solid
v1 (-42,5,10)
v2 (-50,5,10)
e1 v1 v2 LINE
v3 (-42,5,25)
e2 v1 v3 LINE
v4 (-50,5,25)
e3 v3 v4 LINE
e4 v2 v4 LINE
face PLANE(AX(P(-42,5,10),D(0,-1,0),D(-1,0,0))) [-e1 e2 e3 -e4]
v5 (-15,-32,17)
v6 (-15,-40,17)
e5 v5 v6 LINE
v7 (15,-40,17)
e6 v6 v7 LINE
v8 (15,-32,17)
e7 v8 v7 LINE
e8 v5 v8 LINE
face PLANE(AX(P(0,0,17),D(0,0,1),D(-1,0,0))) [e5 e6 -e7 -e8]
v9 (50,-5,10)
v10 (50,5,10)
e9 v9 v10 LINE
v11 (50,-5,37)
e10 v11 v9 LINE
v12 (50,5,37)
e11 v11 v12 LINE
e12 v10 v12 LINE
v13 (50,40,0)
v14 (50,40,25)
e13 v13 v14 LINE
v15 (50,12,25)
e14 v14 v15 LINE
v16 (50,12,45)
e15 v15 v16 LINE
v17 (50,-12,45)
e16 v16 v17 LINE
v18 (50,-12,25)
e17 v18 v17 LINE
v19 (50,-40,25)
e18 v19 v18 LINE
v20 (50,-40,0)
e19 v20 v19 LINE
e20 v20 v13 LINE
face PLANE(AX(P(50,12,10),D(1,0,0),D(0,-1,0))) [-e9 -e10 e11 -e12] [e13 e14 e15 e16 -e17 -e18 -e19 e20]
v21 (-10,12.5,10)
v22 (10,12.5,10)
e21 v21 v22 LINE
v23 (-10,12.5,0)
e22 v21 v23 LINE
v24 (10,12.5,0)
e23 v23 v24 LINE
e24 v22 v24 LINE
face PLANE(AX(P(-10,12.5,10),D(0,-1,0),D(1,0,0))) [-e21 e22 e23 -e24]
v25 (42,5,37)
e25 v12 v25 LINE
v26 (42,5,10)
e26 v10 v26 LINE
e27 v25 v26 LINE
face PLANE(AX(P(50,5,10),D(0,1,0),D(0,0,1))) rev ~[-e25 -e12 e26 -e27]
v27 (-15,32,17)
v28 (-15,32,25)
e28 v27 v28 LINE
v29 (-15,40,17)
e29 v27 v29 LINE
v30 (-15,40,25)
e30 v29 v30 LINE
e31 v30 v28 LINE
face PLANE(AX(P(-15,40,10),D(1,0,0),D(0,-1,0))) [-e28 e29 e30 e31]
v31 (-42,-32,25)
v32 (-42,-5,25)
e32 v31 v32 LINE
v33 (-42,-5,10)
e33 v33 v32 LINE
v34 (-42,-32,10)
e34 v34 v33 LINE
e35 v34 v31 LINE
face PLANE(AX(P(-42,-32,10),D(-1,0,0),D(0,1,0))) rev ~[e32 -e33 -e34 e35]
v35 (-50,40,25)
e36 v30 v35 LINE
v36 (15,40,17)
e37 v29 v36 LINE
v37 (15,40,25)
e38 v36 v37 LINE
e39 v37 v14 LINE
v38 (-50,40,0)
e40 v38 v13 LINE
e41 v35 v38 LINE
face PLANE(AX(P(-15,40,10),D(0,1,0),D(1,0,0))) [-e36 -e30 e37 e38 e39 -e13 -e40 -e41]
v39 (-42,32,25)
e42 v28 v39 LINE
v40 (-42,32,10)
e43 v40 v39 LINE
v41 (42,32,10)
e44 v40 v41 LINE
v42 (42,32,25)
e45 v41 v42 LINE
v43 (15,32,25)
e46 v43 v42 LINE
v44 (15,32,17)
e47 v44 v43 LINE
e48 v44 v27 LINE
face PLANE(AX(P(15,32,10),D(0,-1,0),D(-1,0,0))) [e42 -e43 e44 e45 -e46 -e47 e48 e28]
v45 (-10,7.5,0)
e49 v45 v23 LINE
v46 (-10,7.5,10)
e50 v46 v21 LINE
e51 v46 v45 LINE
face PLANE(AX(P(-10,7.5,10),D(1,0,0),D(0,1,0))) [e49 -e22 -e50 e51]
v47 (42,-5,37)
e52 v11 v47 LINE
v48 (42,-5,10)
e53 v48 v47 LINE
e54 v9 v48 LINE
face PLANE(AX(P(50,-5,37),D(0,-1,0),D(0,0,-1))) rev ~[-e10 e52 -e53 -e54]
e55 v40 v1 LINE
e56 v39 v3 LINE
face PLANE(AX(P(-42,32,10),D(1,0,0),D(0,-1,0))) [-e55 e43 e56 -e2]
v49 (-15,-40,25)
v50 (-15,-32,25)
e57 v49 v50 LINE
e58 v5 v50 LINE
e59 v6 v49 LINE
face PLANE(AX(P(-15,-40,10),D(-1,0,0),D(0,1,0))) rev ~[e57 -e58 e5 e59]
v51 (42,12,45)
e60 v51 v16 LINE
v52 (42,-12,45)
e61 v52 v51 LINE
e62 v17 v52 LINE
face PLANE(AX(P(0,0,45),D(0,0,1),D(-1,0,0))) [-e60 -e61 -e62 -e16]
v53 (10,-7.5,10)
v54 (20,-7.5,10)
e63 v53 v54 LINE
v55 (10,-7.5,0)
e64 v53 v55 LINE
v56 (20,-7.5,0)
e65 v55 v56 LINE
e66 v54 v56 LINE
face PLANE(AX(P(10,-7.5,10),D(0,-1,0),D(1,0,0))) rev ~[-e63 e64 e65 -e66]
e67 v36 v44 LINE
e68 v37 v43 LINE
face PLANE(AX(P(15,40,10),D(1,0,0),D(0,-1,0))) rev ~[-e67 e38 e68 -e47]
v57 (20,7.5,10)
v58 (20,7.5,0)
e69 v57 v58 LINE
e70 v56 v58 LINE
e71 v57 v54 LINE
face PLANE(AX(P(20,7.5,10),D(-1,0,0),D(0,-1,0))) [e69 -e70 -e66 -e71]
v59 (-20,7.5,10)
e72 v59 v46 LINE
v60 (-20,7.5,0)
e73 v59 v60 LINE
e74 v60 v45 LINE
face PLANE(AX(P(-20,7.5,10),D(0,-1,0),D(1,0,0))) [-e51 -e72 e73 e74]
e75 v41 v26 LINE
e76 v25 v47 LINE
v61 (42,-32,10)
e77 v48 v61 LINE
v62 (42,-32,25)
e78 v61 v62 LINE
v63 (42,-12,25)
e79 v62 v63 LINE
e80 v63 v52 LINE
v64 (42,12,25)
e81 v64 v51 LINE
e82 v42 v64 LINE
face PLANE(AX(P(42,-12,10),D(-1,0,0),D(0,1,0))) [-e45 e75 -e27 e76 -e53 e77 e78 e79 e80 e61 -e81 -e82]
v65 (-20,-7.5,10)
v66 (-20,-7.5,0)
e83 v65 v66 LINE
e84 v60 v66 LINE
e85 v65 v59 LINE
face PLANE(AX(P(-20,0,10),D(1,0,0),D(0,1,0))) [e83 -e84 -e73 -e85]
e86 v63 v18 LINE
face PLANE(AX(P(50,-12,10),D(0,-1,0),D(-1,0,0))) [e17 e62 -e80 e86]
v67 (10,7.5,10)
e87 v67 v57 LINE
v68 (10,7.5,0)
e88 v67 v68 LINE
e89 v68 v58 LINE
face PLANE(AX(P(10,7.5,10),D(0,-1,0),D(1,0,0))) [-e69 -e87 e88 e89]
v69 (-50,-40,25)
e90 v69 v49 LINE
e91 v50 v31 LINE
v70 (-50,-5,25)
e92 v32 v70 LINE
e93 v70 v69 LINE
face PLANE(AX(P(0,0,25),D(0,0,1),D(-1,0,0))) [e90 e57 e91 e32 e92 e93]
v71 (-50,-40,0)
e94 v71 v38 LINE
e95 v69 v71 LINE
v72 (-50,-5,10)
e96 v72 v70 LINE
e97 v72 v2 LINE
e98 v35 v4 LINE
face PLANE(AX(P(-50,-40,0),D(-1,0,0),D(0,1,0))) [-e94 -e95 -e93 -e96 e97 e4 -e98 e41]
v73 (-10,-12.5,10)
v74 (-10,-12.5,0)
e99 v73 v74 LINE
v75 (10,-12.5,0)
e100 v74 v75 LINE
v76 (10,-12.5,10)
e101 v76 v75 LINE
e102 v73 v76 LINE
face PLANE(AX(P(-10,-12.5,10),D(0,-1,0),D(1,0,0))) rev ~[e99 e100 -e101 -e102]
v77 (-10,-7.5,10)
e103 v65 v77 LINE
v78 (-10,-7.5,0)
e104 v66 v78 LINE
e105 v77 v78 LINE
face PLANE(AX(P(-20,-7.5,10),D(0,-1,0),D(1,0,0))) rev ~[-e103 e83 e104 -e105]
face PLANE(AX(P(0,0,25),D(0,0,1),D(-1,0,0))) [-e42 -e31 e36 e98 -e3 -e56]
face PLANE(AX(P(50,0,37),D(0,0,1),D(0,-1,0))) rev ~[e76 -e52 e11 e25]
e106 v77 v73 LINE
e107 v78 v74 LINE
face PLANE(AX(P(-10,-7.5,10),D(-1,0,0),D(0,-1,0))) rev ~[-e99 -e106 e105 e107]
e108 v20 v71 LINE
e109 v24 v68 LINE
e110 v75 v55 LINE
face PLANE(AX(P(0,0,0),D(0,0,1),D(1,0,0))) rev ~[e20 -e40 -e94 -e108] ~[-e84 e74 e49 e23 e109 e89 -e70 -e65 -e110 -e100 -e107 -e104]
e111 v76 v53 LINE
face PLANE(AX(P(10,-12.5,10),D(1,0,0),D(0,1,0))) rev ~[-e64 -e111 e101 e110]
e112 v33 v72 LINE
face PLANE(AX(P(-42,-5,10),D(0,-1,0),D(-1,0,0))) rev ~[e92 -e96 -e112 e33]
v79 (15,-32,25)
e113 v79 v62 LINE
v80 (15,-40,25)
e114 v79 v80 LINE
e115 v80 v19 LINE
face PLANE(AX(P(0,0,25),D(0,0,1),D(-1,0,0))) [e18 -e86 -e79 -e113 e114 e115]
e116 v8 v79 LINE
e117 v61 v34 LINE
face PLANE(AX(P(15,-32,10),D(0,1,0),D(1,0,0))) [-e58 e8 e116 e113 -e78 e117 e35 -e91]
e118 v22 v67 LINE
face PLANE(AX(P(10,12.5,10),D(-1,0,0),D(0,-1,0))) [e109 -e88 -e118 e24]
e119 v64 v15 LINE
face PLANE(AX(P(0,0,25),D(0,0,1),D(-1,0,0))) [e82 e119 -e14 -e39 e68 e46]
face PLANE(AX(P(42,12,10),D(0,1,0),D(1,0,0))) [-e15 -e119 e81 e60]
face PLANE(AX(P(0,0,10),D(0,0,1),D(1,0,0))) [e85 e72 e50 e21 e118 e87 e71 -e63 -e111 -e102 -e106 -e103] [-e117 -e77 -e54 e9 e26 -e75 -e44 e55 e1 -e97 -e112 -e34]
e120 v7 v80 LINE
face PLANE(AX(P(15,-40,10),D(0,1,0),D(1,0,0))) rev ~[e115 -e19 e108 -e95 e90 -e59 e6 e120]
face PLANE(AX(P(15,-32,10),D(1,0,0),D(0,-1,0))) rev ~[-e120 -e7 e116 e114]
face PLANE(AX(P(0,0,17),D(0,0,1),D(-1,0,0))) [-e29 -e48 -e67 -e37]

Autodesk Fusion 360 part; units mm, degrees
sketch "Sketch1" plane through (0, 0, 0) normal (0, 1, 0) x (1, 0, 0)
sketch "Sketch2" plane through (0, 0, 0) normal (0, 0, 1) x (1, 0, 0)
  line L0 (50, 0) -> (50, -40)
  line L1 (50, -40) -> (-50, -40)
  line L2 (-50, -40) -> (-50, 40)
  line L3 (-50, 40) -> (50, 40)
  line L4 (50, 40) -> (50, -40)
extrude "Extrude1" add sketch "Sketch2" along normal blind 10
sketch "Sketch3" plane through (0, 0, 10) normal (0, 0, 1) x (-1, 0, 0)
  line L0 (-50, -40) -> (50, -40)
  line L1 (50, -40) -> (50, 40)
  line L2 (50, 40) -> (-50, 40)
  line L3 (-50, 40) -> (-50, -40)
  line L4 (50, 40) -> (15, 40)
  line L5 (15, 40) -> (15, 32)
  line L6 (15, 32) -> (42, 32)
  line L7 (42, 32) -> (42, 5)
  line L8 (42, 5) -> (50, 5)
  line L9 (50, 5) -> (50, 40)
  dimension "d6" = 35
  dimension "d9" = 35
extrude "Extrude2" add sketch "Sketch3" along normal blind 15 contours L1 L2 L4 L5 L6 L7 L8 L9
sketch "Sketch4" plane through (0, 0, 10) normal (0, 0, 1) x (-1, 0, 0)
  line L0 (15, 32) -> (15, 40)
  line L1 (15, 40) -> (-50, 40)
  line L2 (-50, 40) -> (-50, -40)
  line L3 (-50, -40) -> (50, -40)
  line L4 (50, -40) -> (50, 5)
  line L5 (50, 5) -> (42, 5)
  line L6 (42, 5) -> (42, 32)
  line L7 (42, 32) -> (15, 32)
  line L8 (15, 32) -> (-15, 32)
  line L9 (-15, 32) -> (-15, 40)
  line L10 (-15, 40) -> (15, 40)
  line L11 (15, 40) -> (15, 32)
  dimension "d12" = 30
extrude "Extrude3" add sketch "Sketch4" along normal blind 7 contours L0 L1 L8 L9 L10 L11
sketch "Sketch5" plane through (0, 0, 10) normal (0, 0, 1) x (-1, 0, 0)
  line L0 (-15, 32) -> (-15, 40)
  line L1 (-15, 40) -> (-50, 40)
  line L2 (-50, 40) -> (-50, -40)
  line L3 (-50, -40) -> (50, -40)
  line L4 (50, -40) -> (50, 5)
  line L5 (50, 5) -> (42, 5)
  line L6 (42, 5) -> (42, 32)
  line L7 (42, 32) -> (-15, 32)
  line L8 (-15, 32) -> (-42, 32)
  line L9 (-50, 40) -> (-15, 40)
  line L10 (-15, 40) -> (-15, 32)
  line L11 (-42, 32) -> (-42, 12)
  line L12 (-42, 12) -> (-50, 12)
  line L13 (-50, 12) -> (-50, 40)
  dimension "d16" = 28
extrude "Extrude4" add sketch "Sketch5" along normal blind 15 contours L0 L1 L2 L8 L9 L10 L11 L12 L13
sketch "Sketch6" plane through (0, 0, 10) normal (0, 0, 1) x (-1, 0, 0)
  line L0 (-42, 12) -> (-50, 12)
  line L1 (-50, 12) -> (-50, -40)
  line L2 (-50, -40) -> (50, -40)
  line L3 (50, -40) -> (50, 5)
  line L4 (50, 5) -> (42, 5)
  line L5 (42, 5) -> (42, 32)
  line L6 (42, 32) -> (-42, 32)
  line L7 (-42, 32) -> (-42, 12)
  line L8 (42, -32) -> (42, -5)
  line L9 (42, -5) -> (50, -5)
  line L10 (50, -5) -> (50, -40)
  line L11 (50, -40) -> (15, -40)
  line L12 (15, -40) -> (15, -32)
  line L13 (15, -32) -> (42, -32)
  dimension "d19" = 35
  dimension "d20" = 35
sketch "Sketch7" plane through (0, 0, 10) normal (0, 0, 1) x (-1, 0, 0)
  line L0 (-50, -40) -> (-42, -40)
  line L1 (-42, -32) -> (-42, -12)
  line L2 (-42, -12) -> (-50, -12)
  line L3 (-50, -12) -> (-50, -40)
  line L4 (-50, -40) -> (-15, -40)
  line L5 (-15, -40) -> (-15, -32)
  line L6 (-15, -32) -> (-42, -32)
  line L7 (-50, -32) -> (-50, -40)
  dimension "d22" = 8
  dimension "d23" = 28
  dimension "d24" = 35
  dimension "d25" = 8
extrude "Extrude5" add sketch "Sketch7" sketch "Sketch6" along normal blind 15 of sketch 2 contours L2 L3 L8 L9 L10 L11 L12 L13
sketch "Sketch8" plane through (0, 0, 10) normal (0, 0, 1) x (-1, 0, 0)
  line L0 (42, -5) -> (50, -5)
  line L1 (50, -5) -> (50, 5)
  line L2 (50, 5) -> (42, 5)
  line L3 (42, 5) -> (42, 32)
  line L4 (42, 32) -> (-42, 32)
  line L5 (-42, 32) -> (-42, 12)
  line L6 (-42, 12) -> (-50, 12)
  line L7 (-50, 12) -> (-50, -12)
  line L8 (-50, -12) -> (-42, -12)
  line L9 (-42, -12) -> (-42, -32)
  line L10 (-42, -32) -> (-15, -32)
  line L11 (-15, -32) -> (-15, -40)
  line L12 (-15, -40) -> (15, -40)
  line L13 (15, -40) -> (15, -32)
  line L14 (15, -32) -> (42, -32)
  line L15 (42, -32) -> (42, -5)
sketch "Sketch9" plane through (0, 0, 25) normal (0, 0, 1) x (-1, 0, 0)
  line L0 (-50, 12) -> (-42, 12)
  line L1 (-42, 12) -> (-42, 32)
  line L2 (-42, 32) -> (-15, 32)
  line L3 (-15, 32) -> (-15, 40)
  line L4 (-15, 40) -> (-50, 40)
  line L5 (-50, 40) -> (-50, 12)
sketch "Sketch10" plane through (0, 0, 10) normal (0, 0, 1) x (-1, 0, 0)
  line L0 (-50, 12) -> (-42, 12)
  line L1 (-42, 12) -> (-42, -12)
  line L2 (-42, -12) -> (-50, -12)
  line L3 (-50, -12) -> (-50, 12)
extrude "Extrude6" add sketch "Sketch10" along normal blind 35
sketch "Sketch11" plane through (0, 0, 10) normal (0, 0, 1) x (-1, 0, 0)
sketch "Sketch12" plane through (50, 0, 0) normal (1, 0, 0) x (0, 1, 0)
  line L0 (-40, 0) -> (40, 0)
  line L1 (40, 0) -> (40, 25)
  line L2 (40, 25) -> (12, 25)
  line L3 (12, 25) -> (12, 45)
  line L4 (12, 45) -> (-12, 45)
  line L5 (-12, 45) -> (-12, 25)
  line L6 (-12, 25) -> (-40, 25)
  line L7 (-40, 25) -> (-40, 0)
ref_plane "WorkPlane1" through (50, -12, 45) normal (1, 0, 0) x (0, 1, 0)
sketch "Sketch13" plane through (50, 0, 0) normal (1, 0, 0) x (0, 1, 0)
  line L0 (0, 37) -> (5, 37)
  line L1 (5, 37) -> (-5, 37)
  line L2 (-5, 37) -> (-5, 10)
  line L3 (-5, 10) -> (5, 10)
  line L4 (5, 10) -> (5, 37)
  dimension "d31" = 5
  dimension "d32" = 27
extrude "Extrude7" cut sketch "Sketch13" against normal blind 200
sketch "Sketch14" plane through (0, 0, 10) normal (0, 0, 1) x (-1, 0, 0)
  line L0 (-20, 0) -> (-20, 7.5)
  line L1 (20, 0) -> (20, -7.5)
  line L2 (-20, -7.5) -> (-20, 0)
  line L3 (10, -7.5) -> (10, -12.5)
  line L4 (10, -12.5) -> (-10, -12.5)
  line L5 (-10, -12.5) -> (-10, -7.5)
  line L6 (20, -7.5) -> (10, -7.5)
  line L7 (-10, -7.5) -> (-20, -7.5)
  line L8 (10, 12.5) -> (-10, 12.5)
  line L9 (10, 7.5) -> (10, 12.5)
  line L10 (20, 7.5) -> (10, 7.5)
  line L11 (20, 0) -> (20, 7.5)
  line L12 (-10, 12.5) -> (-10, 7.5)
  line L13 (-10, 7.5) -> (-20, 7.5)
  line L14 (-20, 7.5) -> (-20, 0)
  dimension "d35" = 20
  dimension "d36" = 7.5
  dimension "d37" = 15
  dimension "d40" = 20
  dimension "d41" = 5
extrude "Extrude8" cut sketch "Sketch14" against normal blind 100
sketch "Sketch15" plane through (0, -40, 0) normal (0, -1, 0) x (1, 0, 0)
  line L0 (-50, 0) -> (50, 0)
  line L1 (50, 0) -> (50, 25)
  line L2 (50, 25) -> (15, 25)
  line L3 (15, 25) -> (15, 17)
  line L4 (15, 17) -> (-15, 17)
  line L5 (-15, 17) -> (-15, 25)
  line L6 (-15, 25) -> (-50, 25)
  line L7 (-50, 25) -> (-50, 0)
sketch "Sketch16" plane through (0, 0, 10) normal (0, 0, 1) x (-1, 0, 0)
sketch "Sketch17" plane through (0, 0, 10) normal (0, 0, 1) x (-1, 0, 0)
  line L0 (-15, -32) -> (15, -32)
  line L1 (15, -32) -> (15, -40)
  line L2 (15, -40) -> (-15, -40)
  line L3 (-15, -40) -> (-15, -32)
extrude "Extrude9" add sketch "Sketch17" along normal blind 7
